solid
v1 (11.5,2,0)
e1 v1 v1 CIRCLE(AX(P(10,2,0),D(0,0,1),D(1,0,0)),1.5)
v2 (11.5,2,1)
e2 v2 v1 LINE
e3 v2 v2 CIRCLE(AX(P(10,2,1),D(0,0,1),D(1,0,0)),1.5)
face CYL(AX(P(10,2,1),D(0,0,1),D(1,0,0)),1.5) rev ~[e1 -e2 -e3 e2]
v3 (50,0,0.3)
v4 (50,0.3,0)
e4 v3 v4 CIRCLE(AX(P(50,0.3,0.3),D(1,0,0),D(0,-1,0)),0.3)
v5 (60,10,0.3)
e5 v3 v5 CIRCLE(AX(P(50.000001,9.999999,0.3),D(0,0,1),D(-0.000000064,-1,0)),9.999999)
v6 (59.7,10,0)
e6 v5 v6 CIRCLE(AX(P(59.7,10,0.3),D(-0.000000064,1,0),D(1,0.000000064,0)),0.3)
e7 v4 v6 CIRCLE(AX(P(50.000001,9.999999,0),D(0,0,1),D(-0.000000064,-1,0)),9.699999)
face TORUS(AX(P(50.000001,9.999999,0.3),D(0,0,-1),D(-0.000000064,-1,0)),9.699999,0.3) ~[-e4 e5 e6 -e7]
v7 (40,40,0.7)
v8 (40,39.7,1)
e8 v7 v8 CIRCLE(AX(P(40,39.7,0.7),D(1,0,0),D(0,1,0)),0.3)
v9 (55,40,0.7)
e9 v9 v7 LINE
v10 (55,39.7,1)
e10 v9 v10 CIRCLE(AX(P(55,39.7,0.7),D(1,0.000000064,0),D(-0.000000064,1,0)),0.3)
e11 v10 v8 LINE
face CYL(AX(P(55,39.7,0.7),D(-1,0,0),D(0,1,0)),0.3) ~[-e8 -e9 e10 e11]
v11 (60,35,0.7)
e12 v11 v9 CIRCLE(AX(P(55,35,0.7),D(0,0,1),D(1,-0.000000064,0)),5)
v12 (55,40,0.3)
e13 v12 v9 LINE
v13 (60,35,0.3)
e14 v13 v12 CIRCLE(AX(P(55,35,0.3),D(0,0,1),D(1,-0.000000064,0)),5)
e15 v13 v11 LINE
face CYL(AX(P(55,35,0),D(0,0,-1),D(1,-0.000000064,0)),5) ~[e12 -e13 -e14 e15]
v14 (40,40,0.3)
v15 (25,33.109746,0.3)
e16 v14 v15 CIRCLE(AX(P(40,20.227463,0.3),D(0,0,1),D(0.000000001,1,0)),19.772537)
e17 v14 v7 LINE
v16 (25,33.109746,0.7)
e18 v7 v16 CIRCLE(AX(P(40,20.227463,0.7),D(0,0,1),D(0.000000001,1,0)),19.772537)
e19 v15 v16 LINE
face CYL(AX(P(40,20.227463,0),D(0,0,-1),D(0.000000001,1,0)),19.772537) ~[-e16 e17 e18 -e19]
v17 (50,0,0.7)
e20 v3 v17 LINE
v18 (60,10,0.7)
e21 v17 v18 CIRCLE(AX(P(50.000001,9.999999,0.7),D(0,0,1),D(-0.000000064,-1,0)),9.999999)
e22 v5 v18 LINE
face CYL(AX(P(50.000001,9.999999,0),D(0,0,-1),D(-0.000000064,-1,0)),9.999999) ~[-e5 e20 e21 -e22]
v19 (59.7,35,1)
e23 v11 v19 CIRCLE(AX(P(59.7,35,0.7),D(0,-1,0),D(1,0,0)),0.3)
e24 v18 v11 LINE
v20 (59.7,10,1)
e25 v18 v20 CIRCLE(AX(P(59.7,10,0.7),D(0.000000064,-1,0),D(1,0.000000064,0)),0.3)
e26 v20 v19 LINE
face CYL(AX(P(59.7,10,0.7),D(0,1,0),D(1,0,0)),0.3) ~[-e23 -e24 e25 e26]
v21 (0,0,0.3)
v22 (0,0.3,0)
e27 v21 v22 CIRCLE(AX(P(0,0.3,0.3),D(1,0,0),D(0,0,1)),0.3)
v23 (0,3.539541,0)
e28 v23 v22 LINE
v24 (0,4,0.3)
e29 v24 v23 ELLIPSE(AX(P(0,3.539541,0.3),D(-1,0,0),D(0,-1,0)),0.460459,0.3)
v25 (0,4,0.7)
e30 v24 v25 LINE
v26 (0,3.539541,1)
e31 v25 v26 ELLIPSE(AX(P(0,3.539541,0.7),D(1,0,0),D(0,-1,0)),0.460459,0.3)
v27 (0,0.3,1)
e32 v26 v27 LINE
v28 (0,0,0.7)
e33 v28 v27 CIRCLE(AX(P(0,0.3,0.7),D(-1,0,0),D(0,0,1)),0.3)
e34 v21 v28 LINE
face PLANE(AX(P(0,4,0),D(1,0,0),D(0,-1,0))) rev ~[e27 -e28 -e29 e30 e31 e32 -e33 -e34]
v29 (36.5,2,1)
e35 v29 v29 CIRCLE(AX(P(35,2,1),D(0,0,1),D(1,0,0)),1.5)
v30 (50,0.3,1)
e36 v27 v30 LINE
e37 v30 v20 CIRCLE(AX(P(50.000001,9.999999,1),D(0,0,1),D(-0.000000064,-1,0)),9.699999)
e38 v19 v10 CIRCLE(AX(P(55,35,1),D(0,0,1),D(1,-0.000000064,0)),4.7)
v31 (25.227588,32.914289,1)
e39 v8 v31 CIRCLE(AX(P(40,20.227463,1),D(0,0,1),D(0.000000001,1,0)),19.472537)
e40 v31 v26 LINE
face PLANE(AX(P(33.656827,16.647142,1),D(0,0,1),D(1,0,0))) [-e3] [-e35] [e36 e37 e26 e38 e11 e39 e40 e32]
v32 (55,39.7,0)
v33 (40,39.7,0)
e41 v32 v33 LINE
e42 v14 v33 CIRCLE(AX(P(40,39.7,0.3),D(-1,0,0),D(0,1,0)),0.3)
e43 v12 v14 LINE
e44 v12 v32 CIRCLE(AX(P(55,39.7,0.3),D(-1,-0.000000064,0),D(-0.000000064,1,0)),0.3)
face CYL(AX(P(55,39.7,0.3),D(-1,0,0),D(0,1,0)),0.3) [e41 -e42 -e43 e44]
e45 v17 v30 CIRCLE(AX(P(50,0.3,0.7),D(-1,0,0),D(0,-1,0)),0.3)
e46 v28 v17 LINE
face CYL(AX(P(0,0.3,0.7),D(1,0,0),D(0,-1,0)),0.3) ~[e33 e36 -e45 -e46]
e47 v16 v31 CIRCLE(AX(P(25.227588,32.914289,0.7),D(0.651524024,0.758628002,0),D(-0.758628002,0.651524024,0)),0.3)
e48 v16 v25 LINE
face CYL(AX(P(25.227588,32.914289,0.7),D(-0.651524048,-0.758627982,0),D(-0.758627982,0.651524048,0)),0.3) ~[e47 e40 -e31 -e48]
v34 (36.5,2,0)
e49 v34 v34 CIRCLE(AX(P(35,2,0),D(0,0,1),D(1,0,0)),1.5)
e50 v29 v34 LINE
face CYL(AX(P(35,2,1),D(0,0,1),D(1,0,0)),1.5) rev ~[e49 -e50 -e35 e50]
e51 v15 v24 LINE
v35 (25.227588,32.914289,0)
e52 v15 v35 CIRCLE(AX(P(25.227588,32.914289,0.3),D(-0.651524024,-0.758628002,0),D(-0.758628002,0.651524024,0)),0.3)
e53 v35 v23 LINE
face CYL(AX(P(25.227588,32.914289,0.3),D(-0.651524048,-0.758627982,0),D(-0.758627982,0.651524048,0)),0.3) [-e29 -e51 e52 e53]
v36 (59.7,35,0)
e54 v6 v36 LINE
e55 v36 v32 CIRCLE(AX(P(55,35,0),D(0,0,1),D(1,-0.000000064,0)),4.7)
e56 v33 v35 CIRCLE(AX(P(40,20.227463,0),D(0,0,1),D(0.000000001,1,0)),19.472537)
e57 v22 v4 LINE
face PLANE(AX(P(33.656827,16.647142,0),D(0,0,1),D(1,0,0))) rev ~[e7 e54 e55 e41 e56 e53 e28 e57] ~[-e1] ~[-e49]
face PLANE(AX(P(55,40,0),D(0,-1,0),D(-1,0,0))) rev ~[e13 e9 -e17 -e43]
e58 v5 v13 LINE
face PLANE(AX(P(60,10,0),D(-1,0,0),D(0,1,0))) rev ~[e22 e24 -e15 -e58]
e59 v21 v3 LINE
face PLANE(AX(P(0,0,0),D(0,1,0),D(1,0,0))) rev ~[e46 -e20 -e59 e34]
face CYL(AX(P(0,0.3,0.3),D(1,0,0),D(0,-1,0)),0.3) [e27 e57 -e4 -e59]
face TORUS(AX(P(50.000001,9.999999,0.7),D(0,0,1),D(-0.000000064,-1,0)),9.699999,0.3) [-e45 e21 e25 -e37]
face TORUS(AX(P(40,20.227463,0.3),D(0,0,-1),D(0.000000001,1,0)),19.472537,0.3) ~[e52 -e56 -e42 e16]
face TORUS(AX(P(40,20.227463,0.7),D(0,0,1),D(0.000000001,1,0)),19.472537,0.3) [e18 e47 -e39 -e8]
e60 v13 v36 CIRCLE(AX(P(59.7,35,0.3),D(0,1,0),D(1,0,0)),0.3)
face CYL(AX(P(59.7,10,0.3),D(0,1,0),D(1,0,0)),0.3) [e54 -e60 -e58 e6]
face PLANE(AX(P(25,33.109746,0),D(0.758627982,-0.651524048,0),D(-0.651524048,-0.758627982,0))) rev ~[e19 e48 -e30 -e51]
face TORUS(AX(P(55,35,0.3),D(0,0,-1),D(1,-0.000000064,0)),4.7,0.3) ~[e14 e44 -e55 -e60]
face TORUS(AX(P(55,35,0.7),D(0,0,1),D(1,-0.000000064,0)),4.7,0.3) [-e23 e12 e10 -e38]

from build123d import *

# Parameters (mm, degrees)
PAD_DEPTH    = 1
FILLET_R     = 0.3
SKETCH001_R  = 1.5
POCKET_DEPTH = 1.001


with BuildPart() as part:
    # Sketch → Pad (new body)
    with BuildSketch(Plane.XY):
        with BuildLine():
            Line((0, 0), (50, 0))
            ThreePointArc((50, 0), (57.071068, 2.928932), (60, 10))
            Line((60, 10), (60, 35))
            ThreePointArc((60, 35), (58.535534, 38.535534), (55, 40))
            Line((55, 40), (40, 40))
            ThreePointArc((40, 40), (31.746583, 38.195054), (25, 33.109746))
            Line((25, 33.109746), (0, 4))
            Line((0, 4), (0, 0))
        make_face()
    extrude(amount=PAD_DEPTH)

    # Fillet
    fillet_edges = [part.edges().sort_by_distance(p)[0] for p in [
        (31.746583, 38.195054, 1),
        (31.746583, 38.195054, 0),
        (47.5, 40, 1),
        (47.5, 40, 0),
        (12.5, 18.554873, 1),
        (12.5, 18.554873, 0),
    ]]
    fillet(fillet_edges, radius=FILLET_R)

    # Sketch001 → Pocket (cut, through all)
    with BuildSketch(Plane.XY.offset(1)):
        with Locations((10, 2)):
            Circle(SKETCH001_R)
        with Locations((35, 2)):
            Circle(SKETCH001_R)
    extrude(amount=-POCKET_DEPTH, mode=Mode.SUBTRACT)


solid = part.part
